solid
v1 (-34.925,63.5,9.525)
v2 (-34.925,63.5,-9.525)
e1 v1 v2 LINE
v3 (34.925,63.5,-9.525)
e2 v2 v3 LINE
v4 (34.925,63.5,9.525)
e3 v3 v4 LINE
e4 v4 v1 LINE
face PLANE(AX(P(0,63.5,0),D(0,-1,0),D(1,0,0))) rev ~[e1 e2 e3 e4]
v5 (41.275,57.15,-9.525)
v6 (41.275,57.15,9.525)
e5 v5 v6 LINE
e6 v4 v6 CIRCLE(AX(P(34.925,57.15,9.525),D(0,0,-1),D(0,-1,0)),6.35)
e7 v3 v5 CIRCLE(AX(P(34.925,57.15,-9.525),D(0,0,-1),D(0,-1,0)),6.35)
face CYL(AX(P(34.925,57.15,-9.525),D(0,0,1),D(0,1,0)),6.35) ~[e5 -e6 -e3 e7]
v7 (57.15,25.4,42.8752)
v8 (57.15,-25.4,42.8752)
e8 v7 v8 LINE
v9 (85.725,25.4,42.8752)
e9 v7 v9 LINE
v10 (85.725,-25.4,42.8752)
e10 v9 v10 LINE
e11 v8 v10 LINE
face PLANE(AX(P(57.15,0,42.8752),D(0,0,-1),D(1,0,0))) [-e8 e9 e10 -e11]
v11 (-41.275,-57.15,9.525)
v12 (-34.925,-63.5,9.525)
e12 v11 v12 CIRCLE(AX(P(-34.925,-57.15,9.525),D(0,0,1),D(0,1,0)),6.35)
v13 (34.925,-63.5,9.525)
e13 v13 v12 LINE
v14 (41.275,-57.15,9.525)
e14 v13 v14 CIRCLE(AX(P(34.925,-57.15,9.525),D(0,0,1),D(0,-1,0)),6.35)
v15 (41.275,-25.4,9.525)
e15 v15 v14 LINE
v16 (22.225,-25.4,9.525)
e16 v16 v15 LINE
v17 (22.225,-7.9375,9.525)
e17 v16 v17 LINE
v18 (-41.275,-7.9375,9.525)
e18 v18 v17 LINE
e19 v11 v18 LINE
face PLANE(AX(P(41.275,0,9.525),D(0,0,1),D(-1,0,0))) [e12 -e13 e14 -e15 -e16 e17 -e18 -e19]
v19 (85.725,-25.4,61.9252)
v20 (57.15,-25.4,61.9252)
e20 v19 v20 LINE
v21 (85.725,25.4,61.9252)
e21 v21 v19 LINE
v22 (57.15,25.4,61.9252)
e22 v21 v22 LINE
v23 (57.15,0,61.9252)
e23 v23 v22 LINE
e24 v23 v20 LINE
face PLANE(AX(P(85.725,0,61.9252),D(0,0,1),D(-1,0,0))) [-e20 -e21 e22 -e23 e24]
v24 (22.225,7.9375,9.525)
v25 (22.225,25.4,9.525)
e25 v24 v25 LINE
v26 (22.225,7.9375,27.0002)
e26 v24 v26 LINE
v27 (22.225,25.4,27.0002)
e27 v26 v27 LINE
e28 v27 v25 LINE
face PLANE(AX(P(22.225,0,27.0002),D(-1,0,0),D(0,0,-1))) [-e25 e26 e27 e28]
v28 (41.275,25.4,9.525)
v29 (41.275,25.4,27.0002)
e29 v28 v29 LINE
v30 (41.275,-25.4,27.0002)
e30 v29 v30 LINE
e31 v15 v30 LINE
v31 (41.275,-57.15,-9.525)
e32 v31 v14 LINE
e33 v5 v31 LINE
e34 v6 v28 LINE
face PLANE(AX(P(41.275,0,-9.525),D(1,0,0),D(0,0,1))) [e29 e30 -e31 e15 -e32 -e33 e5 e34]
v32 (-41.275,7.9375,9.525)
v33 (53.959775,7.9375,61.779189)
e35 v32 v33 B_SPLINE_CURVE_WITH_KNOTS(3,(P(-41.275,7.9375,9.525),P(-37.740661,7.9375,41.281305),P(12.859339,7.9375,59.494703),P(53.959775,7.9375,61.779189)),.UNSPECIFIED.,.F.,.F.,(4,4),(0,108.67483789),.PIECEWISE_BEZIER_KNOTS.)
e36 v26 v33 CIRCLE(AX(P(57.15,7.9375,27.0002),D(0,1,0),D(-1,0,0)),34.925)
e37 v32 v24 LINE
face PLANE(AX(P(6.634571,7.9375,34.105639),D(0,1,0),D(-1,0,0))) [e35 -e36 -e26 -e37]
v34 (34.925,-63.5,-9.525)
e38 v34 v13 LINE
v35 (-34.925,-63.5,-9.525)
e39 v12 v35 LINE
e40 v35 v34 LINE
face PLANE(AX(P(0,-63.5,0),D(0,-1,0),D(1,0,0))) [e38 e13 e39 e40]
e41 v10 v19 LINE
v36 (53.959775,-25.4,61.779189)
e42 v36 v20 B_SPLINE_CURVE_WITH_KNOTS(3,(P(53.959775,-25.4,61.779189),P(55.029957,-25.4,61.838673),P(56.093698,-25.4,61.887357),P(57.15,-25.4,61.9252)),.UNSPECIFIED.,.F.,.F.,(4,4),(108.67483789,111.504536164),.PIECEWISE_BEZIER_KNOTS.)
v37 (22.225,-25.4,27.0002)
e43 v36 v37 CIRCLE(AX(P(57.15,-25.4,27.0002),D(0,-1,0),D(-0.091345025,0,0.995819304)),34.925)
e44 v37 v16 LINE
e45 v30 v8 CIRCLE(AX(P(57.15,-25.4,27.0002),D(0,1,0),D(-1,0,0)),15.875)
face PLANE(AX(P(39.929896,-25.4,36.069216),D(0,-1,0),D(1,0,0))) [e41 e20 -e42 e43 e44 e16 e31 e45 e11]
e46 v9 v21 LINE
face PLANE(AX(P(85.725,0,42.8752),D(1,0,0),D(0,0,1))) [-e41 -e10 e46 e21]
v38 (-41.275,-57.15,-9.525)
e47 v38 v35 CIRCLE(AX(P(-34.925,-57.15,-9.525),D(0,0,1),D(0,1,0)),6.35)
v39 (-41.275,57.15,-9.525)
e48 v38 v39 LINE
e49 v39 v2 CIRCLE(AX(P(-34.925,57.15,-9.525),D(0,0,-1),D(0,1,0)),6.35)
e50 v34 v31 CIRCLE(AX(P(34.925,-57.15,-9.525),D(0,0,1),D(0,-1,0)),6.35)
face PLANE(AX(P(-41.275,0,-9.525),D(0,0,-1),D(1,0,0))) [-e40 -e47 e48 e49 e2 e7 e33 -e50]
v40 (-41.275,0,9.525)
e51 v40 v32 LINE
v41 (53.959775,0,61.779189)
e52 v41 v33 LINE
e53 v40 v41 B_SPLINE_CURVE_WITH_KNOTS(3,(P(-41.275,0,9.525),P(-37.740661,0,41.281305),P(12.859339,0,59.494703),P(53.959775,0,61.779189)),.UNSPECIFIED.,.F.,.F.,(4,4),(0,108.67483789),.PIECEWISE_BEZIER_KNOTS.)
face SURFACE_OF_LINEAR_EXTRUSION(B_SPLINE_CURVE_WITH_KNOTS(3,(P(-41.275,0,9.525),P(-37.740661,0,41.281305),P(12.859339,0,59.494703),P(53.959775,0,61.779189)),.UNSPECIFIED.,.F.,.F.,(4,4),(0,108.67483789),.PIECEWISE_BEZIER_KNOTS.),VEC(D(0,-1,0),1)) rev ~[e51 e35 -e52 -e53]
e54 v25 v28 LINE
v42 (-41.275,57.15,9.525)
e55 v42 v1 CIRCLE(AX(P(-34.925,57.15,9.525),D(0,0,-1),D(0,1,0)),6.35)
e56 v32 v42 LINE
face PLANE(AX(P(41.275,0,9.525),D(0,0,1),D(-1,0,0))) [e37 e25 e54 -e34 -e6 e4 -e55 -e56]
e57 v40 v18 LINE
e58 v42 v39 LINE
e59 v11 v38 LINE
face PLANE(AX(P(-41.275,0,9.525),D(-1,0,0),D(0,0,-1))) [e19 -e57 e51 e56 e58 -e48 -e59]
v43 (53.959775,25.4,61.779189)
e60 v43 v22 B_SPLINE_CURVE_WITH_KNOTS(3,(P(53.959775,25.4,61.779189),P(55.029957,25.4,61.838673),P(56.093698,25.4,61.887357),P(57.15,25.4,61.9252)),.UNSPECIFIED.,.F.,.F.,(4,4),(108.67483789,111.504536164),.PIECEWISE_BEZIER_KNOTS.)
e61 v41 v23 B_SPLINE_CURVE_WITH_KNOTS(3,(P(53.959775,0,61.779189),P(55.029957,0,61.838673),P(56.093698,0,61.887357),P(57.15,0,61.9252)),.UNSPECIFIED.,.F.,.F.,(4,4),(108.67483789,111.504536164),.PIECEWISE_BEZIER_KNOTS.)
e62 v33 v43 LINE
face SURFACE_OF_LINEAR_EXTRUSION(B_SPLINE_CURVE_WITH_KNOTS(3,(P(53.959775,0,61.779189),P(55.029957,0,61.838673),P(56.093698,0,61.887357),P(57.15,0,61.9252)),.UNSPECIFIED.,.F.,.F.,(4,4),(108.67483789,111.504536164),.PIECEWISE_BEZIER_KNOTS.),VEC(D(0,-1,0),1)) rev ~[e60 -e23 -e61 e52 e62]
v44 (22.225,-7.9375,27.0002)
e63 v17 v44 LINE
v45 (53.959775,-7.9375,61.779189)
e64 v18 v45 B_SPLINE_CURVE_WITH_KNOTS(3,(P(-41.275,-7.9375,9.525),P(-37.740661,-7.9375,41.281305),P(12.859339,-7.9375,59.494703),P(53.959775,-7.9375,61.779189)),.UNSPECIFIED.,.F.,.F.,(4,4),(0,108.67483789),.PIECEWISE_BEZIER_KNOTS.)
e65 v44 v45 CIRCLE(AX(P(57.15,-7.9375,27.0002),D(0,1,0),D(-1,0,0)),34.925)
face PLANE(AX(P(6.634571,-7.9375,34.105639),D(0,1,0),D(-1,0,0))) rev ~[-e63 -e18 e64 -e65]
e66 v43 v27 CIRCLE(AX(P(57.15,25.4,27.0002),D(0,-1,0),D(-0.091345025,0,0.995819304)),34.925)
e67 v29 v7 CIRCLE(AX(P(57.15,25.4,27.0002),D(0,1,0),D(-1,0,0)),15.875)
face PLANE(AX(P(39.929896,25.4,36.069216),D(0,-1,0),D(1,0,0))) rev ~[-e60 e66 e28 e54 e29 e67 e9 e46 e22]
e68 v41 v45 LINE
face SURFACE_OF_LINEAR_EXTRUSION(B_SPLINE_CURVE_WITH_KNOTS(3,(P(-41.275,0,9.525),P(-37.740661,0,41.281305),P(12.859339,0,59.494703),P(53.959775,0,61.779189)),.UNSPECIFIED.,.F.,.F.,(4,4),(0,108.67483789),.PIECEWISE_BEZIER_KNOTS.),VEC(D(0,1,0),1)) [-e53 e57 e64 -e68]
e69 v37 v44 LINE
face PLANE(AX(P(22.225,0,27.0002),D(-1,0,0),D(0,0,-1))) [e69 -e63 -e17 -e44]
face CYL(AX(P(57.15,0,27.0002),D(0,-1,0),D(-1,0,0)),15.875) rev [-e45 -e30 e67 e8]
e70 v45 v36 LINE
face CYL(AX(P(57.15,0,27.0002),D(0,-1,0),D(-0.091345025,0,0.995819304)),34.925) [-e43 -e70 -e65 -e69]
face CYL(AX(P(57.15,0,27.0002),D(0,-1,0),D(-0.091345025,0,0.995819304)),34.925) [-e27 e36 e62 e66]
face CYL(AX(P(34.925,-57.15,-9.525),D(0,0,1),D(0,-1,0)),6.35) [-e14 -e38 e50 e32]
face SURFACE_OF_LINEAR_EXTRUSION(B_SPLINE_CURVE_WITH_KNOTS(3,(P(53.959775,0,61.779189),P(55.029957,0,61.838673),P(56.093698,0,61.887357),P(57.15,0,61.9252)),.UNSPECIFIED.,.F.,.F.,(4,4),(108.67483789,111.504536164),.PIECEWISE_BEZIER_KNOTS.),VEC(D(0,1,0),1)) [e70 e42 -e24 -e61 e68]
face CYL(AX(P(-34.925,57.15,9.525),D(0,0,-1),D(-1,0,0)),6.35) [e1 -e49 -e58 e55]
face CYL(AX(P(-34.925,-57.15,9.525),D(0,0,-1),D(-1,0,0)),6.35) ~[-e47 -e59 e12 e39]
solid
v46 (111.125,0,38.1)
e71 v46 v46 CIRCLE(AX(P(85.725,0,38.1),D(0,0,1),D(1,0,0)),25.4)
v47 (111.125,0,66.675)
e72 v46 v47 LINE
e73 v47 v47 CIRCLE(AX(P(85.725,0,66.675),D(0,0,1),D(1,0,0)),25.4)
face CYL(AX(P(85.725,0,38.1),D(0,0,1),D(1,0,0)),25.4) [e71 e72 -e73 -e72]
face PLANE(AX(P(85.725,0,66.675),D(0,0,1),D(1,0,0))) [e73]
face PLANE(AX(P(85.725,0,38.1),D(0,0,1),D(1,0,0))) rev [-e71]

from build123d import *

# Parameters (mm, degrees)
F1_DEPTH = 63.5
F0_W     = 25.4
F0_H     = 19.05
F2_DEPTH = 25.4
F3_DEPTH = 7.9375
F5_R     = 6.35


with BuildPart() as f1:
    # F0 (on Front) → F1 (new body, symmetric)
    with BuildSketch(Plane.XZ):
        Polygon((-41.275, -9.525), (41.275, -9.525), (41.275, 9.525), (22.225, 9.525), (-41.275, 9.525), align=None)
    extrude(amount=F1_DEPTH, both=True)

    # F0 (on Front) → F2 (join, symmetric)
    with BuildSketch(Plane.XZ):
        with BuildLine():
            Line((22.225, 9.525), (41.275, 9.525))
            Line((41.275, 9.525), (41.275, 27.0002))
            ThreePointArc((41.275, 27.0002), (45.9246798487, 38.2255201513), (57.15, 42.8752))
            Line((57.15, 42.8752), (60.325, 42.8752))
            Line((60.325, 42.8752), (60.325, 61.9252))
            Line((60.325, 61.9252), (57.15, 61.9252))
            add(Edge.make_bspline(
                [(53.9597750069, 61.779189196), (55.0299567924, 61.8386731224), (56.0936979835, 61.887357431), (57.15, 61.9252)],
                knots=[108.6748378897, 108.6748378897, 108.6748378897, 108.6748378897, 111.5045361635, 111.5045361635, 111.5045361635, 111.5045361635], degree=3))
            ThreePointArc((53.9597750069, 61.779189196), (31.3510248955, 50.540983941), (22.225, 27.0002))
            Line((22.225, 27.0002), (22.225, 9.525))
        make_face()
        with Locations((73.025, 52.4002)):
            Rectangle(F0_W, F0_H)
    extrude(amount=F2_DEPTH, both=True)

    # F0 (on Front) → F3 (join, symmetric)
    with BuildSketch(Plane.XZ):
        with BuildLine():
            add(Edge.make_bspline(
                [(-41.275, 9.525), (-37.7406609847, 41.2813045311), (12.85933927, 59.494703206), (53.9597750069, 61.779189196)],
                knots=[0, 0, 0, 0, 108.6748378897, 108.6748378897, 108.6748378897, 108.6748378897], degree=3))
            Line((-41.275, 9.525), (22.225, 9.525))
            Line((22.225, 9.525), (22.225, 27.0002))
            ThreePointArc((22.225, 27.0002), (31.3510248955, 50.540983941), (53.9597750069, 61.779189196))
        make_face()
    extrude(amount=F3_DEPTH, both=True)

    # F5
    f5_edges = [f1.edges().sort_by_distance(p)[0] for p in [
        (41.275, -63.5, 0),
        (-41.275, -63.5, 0),
        (41.275, 63.5, 0),
        (-41.275, 63.5, 0),
    ]]
    fillet(f5_edges, radius=F5_R)


with BuildPart() as f4:
    # F0 (on Front) → F4 (revolve)
    with BuildSketch(Plane.XZ):
        Polygon((85.725, 61.9252), (85.725, 42.8752), (85.725, 38.1), (111.125, 38.1), (111.125, 66.675), (85.725, 66.675), align=None)
    revolve(axis=Axis((85.725, 0, 52.3875), (0, 0, 1)))


solid = Compound([f1.part, f4.part])
